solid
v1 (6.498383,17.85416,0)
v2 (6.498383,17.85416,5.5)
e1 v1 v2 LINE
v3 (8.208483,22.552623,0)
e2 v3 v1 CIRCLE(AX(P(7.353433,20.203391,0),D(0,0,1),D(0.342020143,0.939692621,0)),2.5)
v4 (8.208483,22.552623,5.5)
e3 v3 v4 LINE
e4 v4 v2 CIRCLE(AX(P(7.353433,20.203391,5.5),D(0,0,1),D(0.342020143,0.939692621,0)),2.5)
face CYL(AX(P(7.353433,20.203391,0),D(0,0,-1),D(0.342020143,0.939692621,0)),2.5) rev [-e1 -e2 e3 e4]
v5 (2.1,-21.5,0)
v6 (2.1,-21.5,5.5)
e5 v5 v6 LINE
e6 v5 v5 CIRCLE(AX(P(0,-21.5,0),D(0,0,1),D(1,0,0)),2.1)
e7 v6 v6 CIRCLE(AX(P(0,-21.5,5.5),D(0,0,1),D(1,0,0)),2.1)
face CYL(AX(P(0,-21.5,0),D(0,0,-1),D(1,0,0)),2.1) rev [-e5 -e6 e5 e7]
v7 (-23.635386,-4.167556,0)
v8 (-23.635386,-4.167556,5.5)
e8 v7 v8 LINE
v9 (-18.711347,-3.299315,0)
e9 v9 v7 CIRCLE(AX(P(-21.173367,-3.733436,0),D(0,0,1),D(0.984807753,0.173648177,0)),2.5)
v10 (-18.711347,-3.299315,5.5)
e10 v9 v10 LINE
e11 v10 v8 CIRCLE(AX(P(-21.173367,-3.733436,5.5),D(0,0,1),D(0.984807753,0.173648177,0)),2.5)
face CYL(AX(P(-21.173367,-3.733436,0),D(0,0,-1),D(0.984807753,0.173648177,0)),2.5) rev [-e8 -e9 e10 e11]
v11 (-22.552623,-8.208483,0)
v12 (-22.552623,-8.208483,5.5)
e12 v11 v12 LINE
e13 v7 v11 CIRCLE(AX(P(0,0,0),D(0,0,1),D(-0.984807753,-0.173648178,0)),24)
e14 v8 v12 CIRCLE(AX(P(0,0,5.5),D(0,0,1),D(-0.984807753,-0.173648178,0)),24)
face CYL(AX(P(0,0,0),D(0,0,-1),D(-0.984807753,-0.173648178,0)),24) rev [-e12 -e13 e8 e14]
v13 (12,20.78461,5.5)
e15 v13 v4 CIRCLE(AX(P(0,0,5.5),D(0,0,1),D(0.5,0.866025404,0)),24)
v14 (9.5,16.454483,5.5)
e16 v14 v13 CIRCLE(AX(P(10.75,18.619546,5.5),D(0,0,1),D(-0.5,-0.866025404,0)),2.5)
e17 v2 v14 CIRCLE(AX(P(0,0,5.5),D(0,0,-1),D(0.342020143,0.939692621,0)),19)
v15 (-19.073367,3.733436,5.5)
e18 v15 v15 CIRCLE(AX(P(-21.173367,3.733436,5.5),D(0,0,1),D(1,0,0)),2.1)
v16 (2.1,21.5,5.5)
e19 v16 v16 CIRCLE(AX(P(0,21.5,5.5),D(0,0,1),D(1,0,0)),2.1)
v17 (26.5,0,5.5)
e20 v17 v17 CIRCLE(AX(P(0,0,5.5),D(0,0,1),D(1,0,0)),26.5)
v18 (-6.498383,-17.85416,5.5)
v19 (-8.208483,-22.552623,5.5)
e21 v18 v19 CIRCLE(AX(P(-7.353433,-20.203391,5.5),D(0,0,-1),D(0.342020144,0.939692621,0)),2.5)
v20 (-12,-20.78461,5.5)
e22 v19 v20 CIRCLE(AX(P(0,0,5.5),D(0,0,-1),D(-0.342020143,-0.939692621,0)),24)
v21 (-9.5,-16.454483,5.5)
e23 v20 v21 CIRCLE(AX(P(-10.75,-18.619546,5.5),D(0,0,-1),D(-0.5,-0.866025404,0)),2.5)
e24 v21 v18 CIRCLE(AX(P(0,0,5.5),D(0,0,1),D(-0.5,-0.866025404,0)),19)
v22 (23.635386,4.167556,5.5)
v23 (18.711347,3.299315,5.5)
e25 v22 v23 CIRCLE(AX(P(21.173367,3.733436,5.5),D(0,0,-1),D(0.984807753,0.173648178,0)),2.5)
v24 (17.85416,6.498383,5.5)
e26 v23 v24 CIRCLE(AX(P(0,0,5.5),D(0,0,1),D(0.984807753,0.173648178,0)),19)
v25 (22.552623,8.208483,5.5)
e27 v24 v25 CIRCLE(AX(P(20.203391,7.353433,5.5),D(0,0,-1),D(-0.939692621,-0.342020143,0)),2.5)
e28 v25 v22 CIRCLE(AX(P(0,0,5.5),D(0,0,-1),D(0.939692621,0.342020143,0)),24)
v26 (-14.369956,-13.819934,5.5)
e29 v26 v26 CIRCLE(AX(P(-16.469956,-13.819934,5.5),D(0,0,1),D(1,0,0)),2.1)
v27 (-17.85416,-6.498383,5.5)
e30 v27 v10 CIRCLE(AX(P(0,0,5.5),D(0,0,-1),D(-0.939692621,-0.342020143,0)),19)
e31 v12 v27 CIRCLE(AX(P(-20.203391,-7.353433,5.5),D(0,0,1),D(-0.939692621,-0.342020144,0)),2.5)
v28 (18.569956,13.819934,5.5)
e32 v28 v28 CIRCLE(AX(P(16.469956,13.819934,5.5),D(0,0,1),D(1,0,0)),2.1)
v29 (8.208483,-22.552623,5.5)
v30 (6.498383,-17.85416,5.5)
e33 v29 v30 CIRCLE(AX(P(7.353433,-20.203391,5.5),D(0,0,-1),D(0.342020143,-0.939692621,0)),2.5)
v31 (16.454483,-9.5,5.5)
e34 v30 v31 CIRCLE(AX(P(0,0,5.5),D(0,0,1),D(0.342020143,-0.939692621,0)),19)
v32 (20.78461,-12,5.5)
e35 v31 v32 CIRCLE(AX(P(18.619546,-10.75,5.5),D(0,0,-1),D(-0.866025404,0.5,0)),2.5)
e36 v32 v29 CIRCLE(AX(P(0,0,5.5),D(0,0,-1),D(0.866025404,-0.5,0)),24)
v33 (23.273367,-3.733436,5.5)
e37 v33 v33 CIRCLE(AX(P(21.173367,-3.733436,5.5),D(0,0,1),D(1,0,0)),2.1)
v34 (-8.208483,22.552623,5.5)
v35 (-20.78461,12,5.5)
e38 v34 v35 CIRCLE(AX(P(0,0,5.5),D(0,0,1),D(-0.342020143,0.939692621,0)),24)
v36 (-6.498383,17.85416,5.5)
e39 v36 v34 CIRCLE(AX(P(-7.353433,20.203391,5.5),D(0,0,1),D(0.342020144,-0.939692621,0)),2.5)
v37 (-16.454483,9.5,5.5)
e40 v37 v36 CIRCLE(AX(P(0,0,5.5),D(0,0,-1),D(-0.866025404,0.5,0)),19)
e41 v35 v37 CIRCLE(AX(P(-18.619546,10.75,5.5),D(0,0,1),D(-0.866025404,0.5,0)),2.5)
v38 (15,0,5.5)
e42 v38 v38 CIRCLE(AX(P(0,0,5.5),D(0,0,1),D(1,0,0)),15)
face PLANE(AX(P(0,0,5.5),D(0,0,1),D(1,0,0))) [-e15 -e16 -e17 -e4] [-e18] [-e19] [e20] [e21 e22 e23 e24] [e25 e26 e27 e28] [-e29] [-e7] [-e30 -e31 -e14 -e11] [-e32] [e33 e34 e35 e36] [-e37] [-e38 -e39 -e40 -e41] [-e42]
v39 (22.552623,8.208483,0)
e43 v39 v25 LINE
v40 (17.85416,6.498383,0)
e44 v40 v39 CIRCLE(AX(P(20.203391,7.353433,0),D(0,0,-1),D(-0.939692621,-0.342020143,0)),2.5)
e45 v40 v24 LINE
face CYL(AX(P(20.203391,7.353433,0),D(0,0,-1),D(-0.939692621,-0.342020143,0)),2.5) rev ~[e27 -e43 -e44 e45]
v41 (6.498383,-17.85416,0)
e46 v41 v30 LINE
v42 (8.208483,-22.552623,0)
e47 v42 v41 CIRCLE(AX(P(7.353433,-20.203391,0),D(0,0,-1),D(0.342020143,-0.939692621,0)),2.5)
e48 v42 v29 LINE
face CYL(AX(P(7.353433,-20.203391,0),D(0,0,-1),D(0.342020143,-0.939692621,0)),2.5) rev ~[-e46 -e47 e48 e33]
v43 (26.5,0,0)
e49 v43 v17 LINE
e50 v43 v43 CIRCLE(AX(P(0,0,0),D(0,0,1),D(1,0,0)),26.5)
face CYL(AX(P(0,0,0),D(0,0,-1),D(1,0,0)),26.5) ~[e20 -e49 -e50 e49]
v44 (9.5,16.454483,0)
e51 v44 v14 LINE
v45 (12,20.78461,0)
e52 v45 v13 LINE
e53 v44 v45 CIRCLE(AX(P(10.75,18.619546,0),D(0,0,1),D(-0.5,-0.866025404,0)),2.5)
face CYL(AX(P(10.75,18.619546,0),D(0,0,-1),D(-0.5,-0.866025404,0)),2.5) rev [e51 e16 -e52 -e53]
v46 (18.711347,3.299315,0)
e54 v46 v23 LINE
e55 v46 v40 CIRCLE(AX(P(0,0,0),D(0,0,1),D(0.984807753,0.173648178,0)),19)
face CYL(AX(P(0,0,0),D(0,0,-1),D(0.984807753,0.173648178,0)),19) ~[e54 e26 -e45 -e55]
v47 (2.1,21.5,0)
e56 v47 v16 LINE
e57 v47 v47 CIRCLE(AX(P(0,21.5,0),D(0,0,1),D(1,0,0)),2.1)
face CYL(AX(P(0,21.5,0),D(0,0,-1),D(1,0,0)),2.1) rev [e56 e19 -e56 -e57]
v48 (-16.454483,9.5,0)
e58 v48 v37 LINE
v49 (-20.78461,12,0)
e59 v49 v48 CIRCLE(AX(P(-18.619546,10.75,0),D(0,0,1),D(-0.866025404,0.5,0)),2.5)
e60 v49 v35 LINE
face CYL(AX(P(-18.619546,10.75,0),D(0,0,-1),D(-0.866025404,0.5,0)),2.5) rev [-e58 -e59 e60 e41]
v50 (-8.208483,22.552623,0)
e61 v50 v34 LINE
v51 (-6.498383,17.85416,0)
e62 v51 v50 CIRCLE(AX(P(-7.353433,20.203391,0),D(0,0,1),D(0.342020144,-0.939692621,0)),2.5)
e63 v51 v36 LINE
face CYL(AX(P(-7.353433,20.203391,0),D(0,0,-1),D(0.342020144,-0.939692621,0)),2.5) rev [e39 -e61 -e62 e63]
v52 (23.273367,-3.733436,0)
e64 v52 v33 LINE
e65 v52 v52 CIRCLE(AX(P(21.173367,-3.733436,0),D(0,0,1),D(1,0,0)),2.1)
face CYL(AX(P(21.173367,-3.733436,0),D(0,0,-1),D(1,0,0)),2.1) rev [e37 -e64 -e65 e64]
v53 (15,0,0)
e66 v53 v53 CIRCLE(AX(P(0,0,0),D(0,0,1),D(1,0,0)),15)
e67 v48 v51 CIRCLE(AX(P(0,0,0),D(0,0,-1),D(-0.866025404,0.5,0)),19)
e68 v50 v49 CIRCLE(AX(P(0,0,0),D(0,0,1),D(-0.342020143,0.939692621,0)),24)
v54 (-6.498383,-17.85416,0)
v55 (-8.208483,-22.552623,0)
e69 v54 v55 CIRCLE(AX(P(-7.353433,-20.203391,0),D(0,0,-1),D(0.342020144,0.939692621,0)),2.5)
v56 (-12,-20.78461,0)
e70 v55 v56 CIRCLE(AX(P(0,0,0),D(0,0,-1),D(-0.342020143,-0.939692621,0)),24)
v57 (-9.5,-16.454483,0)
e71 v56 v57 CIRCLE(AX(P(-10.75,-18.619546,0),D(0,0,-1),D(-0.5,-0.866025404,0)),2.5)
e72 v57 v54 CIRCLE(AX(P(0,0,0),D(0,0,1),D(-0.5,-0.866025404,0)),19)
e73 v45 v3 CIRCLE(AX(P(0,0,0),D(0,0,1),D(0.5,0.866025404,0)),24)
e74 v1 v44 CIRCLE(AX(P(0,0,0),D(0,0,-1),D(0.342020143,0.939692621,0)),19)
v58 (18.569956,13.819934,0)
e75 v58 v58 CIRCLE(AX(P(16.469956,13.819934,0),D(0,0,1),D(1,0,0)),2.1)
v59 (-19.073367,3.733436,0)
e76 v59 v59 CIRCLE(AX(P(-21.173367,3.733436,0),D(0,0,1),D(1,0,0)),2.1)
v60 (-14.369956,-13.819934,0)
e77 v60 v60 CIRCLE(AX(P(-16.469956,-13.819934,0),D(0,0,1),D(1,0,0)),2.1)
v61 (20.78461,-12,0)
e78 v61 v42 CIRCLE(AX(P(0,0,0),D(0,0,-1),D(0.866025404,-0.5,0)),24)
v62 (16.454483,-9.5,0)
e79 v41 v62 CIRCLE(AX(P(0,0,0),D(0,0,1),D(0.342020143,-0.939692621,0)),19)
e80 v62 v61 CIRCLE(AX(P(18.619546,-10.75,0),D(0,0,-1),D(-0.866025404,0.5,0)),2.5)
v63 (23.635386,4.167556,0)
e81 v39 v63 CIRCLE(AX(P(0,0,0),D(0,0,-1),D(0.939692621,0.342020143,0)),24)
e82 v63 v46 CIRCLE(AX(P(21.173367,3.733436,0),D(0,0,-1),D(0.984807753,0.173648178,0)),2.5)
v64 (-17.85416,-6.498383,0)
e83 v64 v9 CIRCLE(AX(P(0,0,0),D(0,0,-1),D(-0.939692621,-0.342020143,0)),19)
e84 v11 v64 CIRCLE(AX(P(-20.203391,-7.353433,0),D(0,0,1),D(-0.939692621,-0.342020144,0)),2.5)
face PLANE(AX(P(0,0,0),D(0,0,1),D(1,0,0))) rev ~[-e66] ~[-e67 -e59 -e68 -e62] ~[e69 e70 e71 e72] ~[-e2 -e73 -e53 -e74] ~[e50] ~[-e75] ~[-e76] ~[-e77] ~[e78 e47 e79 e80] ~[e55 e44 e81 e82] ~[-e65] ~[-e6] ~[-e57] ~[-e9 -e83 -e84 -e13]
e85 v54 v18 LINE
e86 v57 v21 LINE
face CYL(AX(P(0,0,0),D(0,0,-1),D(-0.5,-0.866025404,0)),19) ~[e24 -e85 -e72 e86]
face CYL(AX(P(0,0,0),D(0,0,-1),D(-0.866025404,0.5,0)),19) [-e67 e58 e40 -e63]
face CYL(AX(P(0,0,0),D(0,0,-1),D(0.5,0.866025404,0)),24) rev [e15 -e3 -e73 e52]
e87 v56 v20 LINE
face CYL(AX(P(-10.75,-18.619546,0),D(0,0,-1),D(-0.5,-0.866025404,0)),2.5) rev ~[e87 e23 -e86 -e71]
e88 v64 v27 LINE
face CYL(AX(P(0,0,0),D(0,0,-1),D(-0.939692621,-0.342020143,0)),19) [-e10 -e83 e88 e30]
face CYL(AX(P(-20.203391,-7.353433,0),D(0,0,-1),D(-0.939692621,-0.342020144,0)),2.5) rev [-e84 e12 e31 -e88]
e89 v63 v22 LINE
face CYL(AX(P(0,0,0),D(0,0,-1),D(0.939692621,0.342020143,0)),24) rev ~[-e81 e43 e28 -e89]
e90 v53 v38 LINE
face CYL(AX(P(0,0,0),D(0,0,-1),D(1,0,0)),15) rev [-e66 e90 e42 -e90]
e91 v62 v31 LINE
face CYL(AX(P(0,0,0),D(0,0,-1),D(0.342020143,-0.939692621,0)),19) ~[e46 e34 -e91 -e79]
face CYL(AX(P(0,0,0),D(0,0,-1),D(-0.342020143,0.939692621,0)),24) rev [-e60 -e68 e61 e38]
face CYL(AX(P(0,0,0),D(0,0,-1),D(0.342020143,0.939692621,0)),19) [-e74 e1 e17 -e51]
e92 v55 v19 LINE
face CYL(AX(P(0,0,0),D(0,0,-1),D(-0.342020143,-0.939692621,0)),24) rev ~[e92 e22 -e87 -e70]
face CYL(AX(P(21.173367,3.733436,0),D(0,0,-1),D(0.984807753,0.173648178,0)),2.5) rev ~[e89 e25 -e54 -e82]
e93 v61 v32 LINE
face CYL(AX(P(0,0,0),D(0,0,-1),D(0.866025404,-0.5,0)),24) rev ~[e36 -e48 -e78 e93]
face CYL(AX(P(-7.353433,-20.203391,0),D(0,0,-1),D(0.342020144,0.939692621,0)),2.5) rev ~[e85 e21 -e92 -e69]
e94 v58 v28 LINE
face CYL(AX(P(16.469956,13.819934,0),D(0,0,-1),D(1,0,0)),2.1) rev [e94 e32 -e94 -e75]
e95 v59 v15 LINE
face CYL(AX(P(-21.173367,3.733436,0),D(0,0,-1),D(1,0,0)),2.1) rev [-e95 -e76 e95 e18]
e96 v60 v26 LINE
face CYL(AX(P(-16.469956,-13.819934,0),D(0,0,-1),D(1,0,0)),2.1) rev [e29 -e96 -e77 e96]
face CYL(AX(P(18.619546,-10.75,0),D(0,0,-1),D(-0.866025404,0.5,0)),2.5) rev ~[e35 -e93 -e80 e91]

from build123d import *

# Parameters (mm, degrees)
SKETCH_1_R      = 26.5
SKETCH_1_R_2    = 15
SKETCH_1_R_3    = 2.1
EXTRUDE_1_DEPTH = 5.5


with BuildPart() as part:
    # 草图1 → 凸台-拉伸1 (new body)
    with BuildSketch(Plane.XY):
        Circle(SKETCH_1_R)
        Circle(SKETCH_1_R_2, mode=Mode.SUBTRACT)
        with Locations((0, 21.5)):
            Circle(SKETCH_1_R_3, mode=Mode.SUBTRACT)
        with Locations((16.469955527, 13.819933608)):
            Circle(SKETCH_1_R_3, mode=Mode.SUBTRACT)
        with Locations((21.17336669, -3.73343582)):
            Circle(SKETCH_1_R_3, mode=Mode.SUBTRACT)
        with Locations((0, -21.5)):
            Circle(SKETCH_1_R_3, mode=Mode.SUBTRACT)
        with Locations((-16.469955527, -13.819933608)):
            Circle(SKETCH_1_R_3, mode=Mode.SUBTRACT)
        with Locations((-21.17336669, 3.73343582)):
            Circle(SKETCH_1_R_3, mode=Mode.SUBTRACT)
        with BuildLine():
            ThreePointArc((-8.20848344, 22.552622899), (-15.426902632, 18.385066635), (-20.784609691, 12))
            ThreePointArc((-20.784609691, 12), (-19.869546181, 8.584936491), (-16.454482672, 9.5))
            ThreePointArc((-16.454482672, 9.5), (-12.212964584, 14.554844419), (-6.498382723, 17.854159795))
            ThreePointArc((-6.498382723, 17.854159795), (-5.00420153, 21.058441705), (-8.20848344, 22.552622899))
        make_face(mode=Mode.SUBTRACT)
        with BuildLine():
            ThreePointArc((12, 20.784609691), (10.142838282, 21.751386889), (8.20848344, 22.552622899))
            ThreePointArc((8.20848344, 22.552622899), (5.00420153, 21.058441705), (6.498382723, 17.854159795))
            ThreePointArc((6.498382723, 17.854159795), (8.029746973, 17.219847954), (9.5, 16.454482672))
            ThreePointArc((9.5, 16.454482672), (12.915063509, 17.369546181), (12, 20.784609691))
        make_face(mode=Mode.SUBTRACT)
        with BuildLine():
            ThreePointArc((18.711347307, 3.299315376), (18.352590699, 4.917561857), (17.854159795, 6.498382723))
            ThreePointArc((17.854159795, 6.498382723), (19.348340989, 9.702664633), (22.552622899, 8.20848344))
            ThreePointArc((22.552622899, 8.20848344), (23.182219831, 6.211657082), (23.635386072, 4.167556264))
            ThreePointArc((23.635386072, 4.167556264), (21.607487134, 1.271416437), (18.711347307, 3.299315376))
        make_face(mode=Mode.SUBTRACT)
        with BuildLine():
            ThreePointArc((6.498382723, -17.854159795), (12.212964584, -14.554844419), (16.454482672, -9.5))
            ThreePointArc((16.454482672, -9.5), (19.869546181, -8.584936491), (20.784609691, -12))
            ThreePointArc((20.784609691, -12), (15.426902632, -18.385066635), (8.20848344, -22.552622899))
            ThreePointArc((8.20848344, -22.552622899), (5.00420153, -21.058441705), (6.498382723, -17.854159795))
        make_face(mode=Mode.SUBTRACT)
        with BuildLine():
            ThreePointArc((-9.5, -16.454482672), (-8.029746973, -17.219847954), (-6.498382723, -17.854159795))
            ThreePointArc((-6.498382723, -17.854159795), (-5.00420153, -21.058441705), (-8.20848344, -22.552622899))
            ThreePointArc((-8.20848344, -22.552622899), (-10.142838282, -21.751386889), (-12, -20.784609691))
            ThreePointArc((-12, -20.784609691), (-12.915063509, -17.369546181), (-9.5, -16.454482672))
        make_face(mode=Mode.SUBTRACT)
        with BuildLine():
            ThreePointArc((-23.635386072, -4.167556264), (-23.182219831, -6.211657082), (-22.552622899, -8.20848344))
            ThreePointArc((-22.552622899, -8.20848344), (-19.348340989, -9.702664633), (-17.854159795, -6.498382723))
            ThreePointArc((-17.854159795, -6.498382723), (-18.352590699, -4.917561857), (-18.711347307, -3.299315376))
            ThreePointArc((-18.711347307, -3.299315376), (-21.607487134, -1.271416437), (-23.635386072, -4.167556264))
        make_face(mode=Mode.SUBTRACT)
    extrude(amount=EXTRUDE_1_DEPTH)


solid = part.part
